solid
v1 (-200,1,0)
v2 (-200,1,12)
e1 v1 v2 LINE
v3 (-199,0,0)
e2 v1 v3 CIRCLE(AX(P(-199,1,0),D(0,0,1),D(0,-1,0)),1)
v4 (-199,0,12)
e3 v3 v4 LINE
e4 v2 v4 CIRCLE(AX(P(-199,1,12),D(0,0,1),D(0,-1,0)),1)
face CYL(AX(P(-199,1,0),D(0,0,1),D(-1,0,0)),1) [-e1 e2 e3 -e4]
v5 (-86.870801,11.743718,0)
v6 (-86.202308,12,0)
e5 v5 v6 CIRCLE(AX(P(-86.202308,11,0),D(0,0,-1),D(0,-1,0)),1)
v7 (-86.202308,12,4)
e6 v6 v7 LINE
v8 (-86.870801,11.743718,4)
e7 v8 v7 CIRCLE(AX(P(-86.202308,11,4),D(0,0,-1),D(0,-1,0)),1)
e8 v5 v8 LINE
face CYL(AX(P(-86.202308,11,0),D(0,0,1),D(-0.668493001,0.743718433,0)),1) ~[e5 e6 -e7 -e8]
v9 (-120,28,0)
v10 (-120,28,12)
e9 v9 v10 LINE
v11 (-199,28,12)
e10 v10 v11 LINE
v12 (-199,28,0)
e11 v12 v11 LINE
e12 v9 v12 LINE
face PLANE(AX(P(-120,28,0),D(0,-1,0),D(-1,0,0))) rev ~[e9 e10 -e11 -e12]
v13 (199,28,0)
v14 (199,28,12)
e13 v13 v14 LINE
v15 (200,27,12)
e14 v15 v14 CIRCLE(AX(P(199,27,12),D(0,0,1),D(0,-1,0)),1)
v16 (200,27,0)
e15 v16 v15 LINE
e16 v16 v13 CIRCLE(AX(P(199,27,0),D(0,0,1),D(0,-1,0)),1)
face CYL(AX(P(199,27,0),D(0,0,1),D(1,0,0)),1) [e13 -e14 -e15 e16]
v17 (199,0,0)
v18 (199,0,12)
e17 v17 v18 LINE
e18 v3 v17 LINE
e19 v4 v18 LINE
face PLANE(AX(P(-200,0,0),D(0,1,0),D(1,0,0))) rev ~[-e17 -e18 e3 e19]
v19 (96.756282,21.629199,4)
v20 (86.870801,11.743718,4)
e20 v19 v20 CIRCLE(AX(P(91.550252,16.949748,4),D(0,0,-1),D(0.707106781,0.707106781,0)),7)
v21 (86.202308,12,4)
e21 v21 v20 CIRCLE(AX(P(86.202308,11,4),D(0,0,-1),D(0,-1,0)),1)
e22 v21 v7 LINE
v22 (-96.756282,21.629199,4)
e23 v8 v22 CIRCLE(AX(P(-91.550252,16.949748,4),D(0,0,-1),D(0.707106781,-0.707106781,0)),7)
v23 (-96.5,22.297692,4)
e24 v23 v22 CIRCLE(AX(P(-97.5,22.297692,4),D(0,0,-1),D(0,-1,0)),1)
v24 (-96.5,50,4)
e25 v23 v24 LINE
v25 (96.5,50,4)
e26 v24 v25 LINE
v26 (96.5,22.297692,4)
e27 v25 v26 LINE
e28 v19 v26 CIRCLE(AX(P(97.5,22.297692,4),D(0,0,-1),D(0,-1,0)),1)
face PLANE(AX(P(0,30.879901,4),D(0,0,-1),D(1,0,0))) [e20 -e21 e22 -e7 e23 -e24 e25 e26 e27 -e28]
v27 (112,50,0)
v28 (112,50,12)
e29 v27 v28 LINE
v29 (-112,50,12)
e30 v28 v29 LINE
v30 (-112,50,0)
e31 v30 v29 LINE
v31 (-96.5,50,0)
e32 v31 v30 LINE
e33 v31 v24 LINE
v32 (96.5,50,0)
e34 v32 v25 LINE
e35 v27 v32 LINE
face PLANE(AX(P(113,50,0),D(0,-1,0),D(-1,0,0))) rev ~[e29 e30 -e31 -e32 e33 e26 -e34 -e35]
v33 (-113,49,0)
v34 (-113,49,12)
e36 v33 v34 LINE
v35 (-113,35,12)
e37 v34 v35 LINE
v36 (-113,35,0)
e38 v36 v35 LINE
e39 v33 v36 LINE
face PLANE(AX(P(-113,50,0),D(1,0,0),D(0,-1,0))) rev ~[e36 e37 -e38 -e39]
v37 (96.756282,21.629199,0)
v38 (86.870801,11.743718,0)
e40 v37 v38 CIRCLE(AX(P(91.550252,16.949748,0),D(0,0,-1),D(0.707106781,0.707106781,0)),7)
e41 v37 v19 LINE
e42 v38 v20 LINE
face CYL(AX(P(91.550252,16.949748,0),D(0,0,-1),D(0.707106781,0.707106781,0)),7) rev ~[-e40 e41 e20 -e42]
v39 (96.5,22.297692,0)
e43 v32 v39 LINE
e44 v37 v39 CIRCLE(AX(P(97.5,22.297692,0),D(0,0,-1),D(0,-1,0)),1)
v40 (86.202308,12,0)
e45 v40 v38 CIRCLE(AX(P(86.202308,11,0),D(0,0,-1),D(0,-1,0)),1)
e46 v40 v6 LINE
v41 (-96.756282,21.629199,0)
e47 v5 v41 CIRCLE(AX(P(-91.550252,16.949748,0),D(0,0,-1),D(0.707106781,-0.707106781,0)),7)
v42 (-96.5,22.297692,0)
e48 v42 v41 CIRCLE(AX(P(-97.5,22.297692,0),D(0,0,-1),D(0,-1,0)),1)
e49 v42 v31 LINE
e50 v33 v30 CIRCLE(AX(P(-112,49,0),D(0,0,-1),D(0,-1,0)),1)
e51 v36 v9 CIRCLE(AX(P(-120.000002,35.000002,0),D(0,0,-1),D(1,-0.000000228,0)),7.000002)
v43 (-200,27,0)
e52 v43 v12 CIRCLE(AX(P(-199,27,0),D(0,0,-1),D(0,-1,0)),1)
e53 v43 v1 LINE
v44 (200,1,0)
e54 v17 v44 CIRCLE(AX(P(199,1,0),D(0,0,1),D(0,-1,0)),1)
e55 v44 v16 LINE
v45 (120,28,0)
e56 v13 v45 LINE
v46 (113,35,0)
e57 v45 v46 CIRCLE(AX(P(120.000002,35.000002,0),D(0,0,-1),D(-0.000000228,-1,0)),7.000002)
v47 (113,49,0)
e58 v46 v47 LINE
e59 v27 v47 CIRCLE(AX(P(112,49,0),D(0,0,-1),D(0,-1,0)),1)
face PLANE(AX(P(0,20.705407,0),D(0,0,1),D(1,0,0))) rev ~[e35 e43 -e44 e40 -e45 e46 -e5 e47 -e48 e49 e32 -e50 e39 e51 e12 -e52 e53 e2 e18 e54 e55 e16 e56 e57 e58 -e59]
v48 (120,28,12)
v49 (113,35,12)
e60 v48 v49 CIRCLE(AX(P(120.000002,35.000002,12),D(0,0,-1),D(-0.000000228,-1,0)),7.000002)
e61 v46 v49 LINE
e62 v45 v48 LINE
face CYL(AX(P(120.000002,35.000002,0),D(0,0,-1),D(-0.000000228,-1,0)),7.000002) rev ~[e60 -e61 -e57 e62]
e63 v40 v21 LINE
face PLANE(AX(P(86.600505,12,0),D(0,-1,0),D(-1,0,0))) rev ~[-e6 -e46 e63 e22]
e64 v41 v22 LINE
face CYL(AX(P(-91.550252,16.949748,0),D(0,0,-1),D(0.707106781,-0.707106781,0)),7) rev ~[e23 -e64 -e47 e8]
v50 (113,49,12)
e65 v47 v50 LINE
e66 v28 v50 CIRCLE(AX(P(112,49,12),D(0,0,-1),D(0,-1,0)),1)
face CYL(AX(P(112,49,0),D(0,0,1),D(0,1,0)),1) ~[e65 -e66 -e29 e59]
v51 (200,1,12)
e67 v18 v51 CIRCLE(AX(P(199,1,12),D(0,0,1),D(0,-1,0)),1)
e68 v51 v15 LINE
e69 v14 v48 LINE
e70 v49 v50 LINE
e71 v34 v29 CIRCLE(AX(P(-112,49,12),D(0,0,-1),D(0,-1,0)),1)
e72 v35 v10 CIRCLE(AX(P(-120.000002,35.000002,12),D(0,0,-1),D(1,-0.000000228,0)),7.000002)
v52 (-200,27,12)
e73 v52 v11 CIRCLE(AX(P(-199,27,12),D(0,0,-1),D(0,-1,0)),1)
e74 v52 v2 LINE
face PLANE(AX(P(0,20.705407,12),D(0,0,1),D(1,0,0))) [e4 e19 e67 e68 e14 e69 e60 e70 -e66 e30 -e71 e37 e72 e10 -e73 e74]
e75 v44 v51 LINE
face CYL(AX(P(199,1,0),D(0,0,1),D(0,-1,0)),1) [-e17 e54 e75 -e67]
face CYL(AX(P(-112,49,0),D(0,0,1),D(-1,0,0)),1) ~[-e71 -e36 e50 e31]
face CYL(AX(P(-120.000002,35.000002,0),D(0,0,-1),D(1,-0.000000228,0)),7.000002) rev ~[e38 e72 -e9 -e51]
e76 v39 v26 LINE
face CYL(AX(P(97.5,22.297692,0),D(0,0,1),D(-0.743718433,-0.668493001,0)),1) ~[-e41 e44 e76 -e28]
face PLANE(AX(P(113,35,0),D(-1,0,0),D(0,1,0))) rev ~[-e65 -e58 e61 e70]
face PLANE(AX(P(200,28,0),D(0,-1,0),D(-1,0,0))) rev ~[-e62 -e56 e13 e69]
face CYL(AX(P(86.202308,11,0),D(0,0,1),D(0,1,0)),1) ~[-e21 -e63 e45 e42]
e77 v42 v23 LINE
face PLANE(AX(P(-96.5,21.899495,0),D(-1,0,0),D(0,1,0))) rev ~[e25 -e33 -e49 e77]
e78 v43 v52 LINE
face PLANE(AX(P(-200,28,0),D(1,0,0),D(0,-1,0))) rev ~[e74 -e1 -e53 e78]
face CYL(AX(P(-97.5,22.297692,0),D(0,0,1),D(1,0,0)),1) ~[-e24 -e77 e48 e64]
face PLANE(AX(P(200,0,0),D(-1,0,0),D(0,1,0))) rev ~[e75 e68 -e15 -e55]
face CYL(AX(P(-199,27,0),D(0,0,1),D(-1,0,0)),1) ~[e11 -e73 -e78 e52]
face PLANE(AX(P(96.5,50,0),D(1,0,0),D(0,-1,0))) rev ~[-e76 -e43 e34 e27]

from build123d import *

# Parameters (mm, degrees)
F1_DEPTH = 12
F3_DEPTH = 4
F4_R     = 1


with BuildPart() as f1:
    # F0 (on Top) → F1 (new body)
    with BuildSketch(Plane.XY):
        with BuildLine():
            Line((-200, 28), (-200, 0))
            Line((-200, 0), (200, 0))
            Line((200, 0), (200, 28))
            Line((200, 28), (120, 28))
            ThreePointArc((120, 28), (115.050253, 30.050253), (113, 35))
            Line((113, 35), (113, 50))
            Line((113, 50), (-113, 50))
            Line((-113, 50), (-113, 35))
            ThreePointArc((-113, 35), (-115.050253, 30.050253), (-120, 28))
            Line((-120, 28), (-200, 28))
        make_face()
    extrude(amount=F1_DEPTH)

    # F2 (on face) → F3 (cut)
    with BuildSketch(Plane(origin=(0, 0, 0), x_dir=(1, 0, 0), z_dir=(0, 0, -1))):
        with BuildLine():
            Line((-96.5, -21.899495), (-96.5, -50))
            Line((-96.5, -50), (96.5, -50))
            Line((96.5, -50), (96.5, -21.899495))
            ThreePointArc((96.5, -21.899495), (96.5, -12), (86.600505, -12))
            Line((86.600505, -12), (-86.600505, -12))
            ThreePointArc((-86.600505, -12), (-96.5, -12), (-96.5, -21.899495))
        make_face()
    extrude(amount=-F3_DEPTH, mode=Mode.SUBTRACT)

    # F4
    f4_edges = [f1.edges().sort_by_distance(p)[0] for p in [
        (-200, 0, 6),
        (-200, 28, 6),
        (-113, 50, 6),
        (-96.5, 21.899495, 2),
        (-86.600505, 12, 2),
        (86.600505, 12, 2),
        (96.5, 21.899495, 2),
        (113, 50, 6),
        (200, 28, 6),
        (200, 0, 6),
    ]]
    fillet(f4_edges, radius=F4_R)


solid = f1.part
